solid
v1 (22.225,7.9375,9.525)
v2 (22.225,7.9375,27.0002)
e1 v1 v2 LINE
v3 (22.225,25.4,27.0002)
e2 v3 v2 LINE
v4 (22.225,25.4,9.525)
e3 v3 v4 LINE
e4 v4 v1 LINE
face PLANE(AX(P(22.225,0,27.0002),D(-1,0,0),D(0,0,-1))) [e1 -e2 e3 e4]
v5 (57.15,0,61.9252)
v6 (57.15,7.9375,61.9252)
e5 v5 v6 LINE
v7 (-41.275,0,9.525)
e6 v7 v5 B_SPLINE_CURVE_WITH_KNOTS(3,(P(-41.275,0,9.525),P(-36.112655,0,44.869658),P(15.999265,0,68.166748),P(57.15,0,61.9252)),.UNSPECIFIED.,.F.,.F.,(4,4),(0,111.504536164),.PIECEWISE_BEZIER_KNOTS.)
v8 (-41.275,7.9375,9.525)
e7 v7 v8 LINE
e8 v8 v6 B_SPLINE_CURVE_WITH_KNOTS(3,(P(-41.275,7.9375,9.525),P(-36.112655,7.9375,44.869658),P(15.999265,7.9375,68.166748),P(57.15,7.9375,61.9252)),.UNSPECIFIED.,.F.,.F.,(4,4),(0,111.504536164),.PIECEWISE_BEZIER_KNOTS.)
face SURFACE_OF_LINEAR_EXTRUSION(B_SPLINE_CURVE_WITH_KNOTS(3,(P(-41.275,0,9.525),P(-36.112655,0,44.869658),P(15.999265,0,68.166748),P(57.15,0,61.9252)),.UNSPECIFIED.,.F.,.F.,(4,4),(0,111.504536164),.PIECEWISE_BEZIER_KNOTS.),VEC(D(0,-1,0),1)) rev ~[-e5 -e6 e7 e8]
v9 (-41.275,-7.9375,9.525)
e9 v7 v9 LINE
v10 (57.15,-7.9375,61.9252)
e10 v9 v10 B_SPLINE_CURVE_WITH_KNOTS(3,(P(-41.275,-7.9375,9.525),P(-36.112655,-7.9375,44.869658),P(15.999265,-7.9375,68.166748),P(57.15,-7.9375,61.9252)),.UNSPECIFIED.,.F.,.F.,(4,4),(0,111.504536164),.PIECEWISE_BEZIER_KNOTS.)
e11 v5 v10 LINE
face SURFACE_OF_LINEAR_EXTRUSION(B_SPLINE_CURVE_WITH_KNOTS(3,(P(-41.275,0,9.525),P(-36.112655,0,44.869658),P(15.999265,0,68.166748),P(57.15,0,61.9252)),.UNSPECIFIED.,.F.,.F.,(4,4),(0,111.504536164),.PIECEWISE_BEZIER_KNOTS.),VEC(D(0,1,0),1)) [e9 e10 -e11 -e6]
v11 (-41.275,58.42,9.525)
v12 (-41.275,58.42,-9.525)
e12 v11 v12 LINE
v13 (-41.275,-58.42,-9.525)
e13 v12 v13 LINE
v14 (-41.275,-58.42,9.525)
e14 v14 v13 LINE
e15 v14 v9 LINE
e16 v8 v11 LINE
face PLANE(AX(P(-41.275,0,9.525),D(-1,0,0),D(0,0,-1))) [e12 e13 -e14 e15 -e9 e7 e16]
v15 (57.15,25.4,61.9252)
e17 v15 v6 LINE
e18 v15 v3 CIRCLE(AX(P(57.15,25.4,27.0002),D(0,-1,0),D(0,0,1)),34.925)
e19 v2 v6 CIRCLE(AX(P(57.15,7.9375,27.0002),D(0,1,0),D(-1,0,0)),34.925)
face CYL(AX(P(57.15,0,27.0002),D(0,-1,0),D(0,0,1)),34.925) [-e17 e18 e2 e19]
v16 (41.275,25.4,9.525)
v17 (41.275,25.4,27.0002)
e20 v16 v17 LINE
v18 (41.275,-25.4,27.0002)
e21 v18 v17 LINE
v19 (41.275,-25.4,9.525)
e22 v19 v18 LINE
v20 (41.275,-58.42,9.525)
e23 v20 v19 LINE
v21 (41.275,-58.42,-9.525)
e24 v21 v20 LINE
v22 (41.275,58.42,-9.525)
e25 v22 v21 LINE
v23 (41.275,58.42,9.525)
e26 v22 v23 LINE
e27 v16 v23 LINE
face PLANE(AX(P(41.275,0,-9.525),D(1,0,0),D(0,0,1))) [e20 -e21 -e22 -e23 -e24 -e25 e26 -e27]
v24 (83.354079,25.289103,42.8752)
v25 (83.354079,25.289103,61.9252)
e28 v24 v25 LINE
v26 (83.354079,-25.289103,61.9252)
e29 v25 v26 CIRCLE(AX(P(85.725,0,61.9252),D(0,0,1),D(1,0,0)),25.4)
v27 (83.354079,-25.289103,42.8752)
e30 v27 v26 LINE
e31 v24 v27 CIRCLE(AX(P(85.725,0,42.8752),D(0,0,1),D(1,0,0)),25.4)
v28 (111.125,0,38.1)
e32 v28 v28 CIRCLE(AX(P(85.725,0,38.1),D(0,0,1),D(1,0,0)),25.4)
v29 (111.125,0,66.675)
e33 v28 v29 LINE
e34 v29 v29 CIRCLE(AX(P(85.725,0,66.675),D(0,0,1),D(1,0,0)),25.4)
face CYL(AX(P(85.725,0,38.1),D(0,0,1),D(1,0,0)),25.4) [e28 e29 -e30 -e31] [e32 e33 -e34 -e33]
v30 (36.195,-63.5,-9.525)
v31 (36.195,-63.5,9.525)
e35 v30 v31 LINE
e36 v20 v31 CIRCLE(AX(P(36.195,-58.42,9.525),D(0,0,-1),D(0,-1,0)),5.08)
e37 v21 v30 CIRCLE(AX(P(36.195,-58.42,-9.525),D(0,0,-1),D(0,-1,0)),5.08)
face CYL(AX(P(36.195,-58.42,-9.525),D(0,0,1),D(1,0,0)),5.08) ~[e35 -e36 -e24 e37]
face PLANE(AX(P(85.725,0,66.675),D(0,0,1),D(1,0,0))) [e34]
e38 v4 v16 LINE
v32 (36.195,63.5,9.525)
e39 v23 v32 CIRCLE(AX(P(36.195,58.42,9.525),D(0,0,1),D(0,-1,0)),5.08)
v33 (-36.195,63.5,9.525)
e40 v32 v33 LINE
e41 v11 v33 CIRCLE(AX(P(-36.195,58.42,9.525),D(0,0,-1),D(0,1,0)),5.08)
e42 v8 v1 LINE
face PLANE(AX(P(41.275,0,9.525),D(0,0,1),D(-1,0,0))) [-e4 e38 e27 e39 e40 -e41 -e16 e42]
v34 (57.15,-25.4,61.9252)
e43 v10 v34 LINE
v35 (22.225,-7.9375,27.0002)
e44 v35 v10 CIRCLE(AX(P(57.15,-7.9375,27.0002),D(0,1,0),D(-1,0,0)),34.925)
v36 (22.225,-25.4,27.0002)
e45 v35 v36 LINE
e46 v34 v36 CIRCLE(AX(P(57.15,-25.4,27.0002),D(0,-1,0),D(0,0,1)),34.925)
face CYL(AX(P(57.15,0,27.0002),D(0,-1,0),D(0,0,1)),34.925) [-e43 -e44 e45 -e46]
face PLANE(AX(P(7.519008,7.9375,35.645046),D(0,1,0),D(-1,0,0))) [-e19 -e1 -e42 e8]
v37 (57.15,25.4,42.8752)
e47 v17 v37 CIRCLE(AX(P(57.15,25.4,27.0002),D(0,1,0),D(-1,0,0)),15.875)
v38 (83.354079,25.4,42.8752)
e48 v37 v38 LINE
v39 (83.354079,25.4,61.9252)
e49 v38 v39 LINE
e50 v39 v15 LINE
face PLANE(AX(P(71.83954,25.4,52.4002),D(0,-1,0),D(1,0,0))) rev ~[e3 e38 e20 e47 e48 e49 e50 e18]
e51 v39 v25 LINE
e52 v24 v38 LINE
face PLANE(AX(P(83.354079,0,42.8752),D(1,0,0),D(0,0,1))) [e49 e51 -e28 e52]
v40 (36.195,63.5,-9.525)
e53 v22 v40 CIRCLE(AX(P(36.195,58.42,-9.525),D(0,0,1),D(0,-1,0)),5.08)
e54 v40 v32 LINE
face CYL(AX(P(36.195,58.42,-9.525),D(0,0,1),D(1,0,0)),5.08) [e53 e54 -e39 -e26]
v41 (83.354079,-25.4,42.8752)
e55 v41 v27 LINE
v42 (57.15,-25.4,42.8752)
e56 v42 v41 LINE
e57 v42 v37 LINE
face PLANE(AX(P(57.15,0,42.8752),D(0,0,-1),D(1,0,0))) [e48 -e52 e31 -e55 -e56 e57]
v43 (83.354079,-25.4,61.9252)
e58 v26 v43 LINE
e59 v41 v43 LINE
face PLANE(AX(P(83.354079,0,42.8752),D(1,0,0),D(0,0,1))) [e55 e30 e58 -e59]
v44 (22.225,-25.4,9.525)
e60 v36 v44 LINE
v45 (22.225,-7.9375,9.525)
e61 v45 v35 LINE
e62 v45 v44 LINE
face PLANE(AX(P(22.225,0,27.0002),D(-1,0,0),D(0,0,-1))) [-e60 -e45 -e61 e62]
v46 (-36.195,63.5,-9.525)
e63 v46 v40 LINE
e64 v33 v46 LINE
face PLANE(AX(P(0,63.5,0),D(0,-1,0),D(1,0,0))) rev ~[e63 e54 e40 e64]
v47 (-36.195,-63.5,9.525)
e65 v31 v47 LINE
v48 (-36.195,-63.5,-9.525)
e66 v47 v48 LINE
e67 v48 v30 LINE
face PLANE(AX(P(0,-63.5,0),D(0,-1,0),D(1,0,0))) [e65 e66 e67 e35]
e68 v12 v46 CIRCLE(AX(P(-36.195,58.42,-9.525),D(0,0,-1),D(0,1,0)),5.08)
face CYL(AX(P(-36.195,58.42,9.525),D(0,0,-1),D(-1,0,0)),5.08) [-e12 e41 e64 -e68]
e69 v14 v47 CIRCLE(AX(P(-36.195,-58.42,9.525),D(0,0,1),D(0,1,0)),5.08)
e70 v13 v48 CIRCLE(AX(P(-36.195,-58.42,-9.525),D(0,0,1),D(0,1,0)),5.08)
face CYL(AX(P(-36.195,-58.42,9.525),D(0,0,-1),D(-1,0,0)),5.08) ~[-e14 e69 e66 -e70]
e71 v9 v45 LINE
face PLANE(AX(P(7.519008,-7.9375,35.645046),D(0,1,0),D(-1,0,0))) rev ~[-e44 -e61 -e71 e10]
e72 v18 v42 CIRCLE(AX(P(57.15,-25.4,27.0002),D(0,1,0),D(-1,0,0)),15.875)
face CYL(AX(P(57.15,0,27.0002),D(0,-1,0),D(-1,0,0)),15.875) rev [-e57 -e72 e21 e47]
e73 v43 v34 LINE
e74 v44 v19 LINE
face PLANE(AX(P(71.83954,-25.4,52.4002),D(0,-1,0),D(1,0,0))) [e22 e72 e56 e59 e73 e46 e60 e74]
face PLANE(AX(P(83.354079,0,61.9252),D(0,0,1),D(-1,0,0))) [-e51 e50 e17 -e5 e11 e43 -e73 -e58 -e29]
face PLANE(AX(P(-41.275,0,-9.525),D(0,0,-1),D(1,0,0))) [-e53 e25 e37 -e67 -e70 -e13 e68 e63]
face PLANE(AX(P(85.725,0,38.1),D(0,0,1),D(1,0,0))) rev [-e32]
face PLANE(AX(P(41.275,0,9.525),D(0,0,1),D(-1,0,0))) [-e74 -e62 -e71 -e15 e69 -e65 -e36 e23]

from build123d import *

# Parameters (mm, degrees)
F1_DEPTH = 63.5
F0_W     = 23.0290793641
F0_H     = 19.05
F2_DEPTH = 25.4
F3_DEPTH = 7.9375
F5_R     = 5.08


with BuildPart() as f1:
    # F0 (on Front) → F1 (new body, symmetric)
    with BuildSketch(Plane.XZ):
        Polygon((-41.275, 9.525), (-41.275, -9.525), (41.275, -9.525), (41.275, 9.525), (22.225, 9.525), align=None)
    extrude(amount=F1_DEPTH, both=True)

    # F0 (on Front) → F2 (join, symmetric)
    with BuildSketch(Plane.XZ):
        with Locations((71.839539682, 52.4002)):
            Rectangle(F0_W, F0_H)
        with BuildLine():
            Line((22.225, 9.525), (41.275, 9.525))
            Line((41.275, 9.525), (41.275, 27.0002))
            ThreePointArc((41.275, 27.0002), (45.9246798487, 38.2255201513), (57.15, 42.8752))
            Line((57.15, 42.8752), (60.325, 42.8752))
            Line((60.325, 42.8752), (60.325, 61.9252))
            Line((60.325, 61.9252), (57.15, 61.9252))
            ThreePointArc((57.15, 61.9252), (32.4542956671, 51.6959043329), (22.225, 27.0002))
            Line((22.225, 27.0002), (22.225, 9.525))
        make_face()
    extrude(amount=F2_DEPTH, both=True)

    # F0 (on Front) → F3 (join, symmetric)
    with BuildSketch(Plane.XZ):
        with BuildLine():
            add(Edge.make_bspline(
                [(-41.275, 9.525), (-36.1126549542, 44.8696576059), (15.9992650151, 68.1667476892), (57.15, 61.9252)],
                knots=[0, 0, 0, 0, 111.5045361635, 111.5045361635, 111.5045361635, 111.5045361635], degree=3))
            Line((-41.275, 9.525), (22.225, 9.525))
            Line((22.225, 9.525), (22.225, 27.0002))
            ThreePointArc((22.225, 27.0002), (32.4542956671, 51.6959043329), (57.15, 61.9252))
        make_face()
    extrude(amount=F3_DEPTH, both=True)

    # F0 (on Front) → F4 (revolve)
    with BuildSketch(Plane.XZ):
        Polygon((111.125, 66.675), (85.725, 66.675), (85.725, 52.3875), (85.725, 38.1), (111.125, 38.1), align=None)
    revolve(axis=Axis((85.725, 0, 45.24375), (0, 0, 1)))

    # F5
    f5_edges = [f1.edges().sort_by_distance(p)[0] for p in [
        (-41.275, -63.5, 0),
        (41.275, -63.5, 0),
        (41.275, 63.5, 0),
        (-41.275, 63.5, 0),
    ]]
    fillet(f5_edges, radius=F5_R)


solid = f1.part
